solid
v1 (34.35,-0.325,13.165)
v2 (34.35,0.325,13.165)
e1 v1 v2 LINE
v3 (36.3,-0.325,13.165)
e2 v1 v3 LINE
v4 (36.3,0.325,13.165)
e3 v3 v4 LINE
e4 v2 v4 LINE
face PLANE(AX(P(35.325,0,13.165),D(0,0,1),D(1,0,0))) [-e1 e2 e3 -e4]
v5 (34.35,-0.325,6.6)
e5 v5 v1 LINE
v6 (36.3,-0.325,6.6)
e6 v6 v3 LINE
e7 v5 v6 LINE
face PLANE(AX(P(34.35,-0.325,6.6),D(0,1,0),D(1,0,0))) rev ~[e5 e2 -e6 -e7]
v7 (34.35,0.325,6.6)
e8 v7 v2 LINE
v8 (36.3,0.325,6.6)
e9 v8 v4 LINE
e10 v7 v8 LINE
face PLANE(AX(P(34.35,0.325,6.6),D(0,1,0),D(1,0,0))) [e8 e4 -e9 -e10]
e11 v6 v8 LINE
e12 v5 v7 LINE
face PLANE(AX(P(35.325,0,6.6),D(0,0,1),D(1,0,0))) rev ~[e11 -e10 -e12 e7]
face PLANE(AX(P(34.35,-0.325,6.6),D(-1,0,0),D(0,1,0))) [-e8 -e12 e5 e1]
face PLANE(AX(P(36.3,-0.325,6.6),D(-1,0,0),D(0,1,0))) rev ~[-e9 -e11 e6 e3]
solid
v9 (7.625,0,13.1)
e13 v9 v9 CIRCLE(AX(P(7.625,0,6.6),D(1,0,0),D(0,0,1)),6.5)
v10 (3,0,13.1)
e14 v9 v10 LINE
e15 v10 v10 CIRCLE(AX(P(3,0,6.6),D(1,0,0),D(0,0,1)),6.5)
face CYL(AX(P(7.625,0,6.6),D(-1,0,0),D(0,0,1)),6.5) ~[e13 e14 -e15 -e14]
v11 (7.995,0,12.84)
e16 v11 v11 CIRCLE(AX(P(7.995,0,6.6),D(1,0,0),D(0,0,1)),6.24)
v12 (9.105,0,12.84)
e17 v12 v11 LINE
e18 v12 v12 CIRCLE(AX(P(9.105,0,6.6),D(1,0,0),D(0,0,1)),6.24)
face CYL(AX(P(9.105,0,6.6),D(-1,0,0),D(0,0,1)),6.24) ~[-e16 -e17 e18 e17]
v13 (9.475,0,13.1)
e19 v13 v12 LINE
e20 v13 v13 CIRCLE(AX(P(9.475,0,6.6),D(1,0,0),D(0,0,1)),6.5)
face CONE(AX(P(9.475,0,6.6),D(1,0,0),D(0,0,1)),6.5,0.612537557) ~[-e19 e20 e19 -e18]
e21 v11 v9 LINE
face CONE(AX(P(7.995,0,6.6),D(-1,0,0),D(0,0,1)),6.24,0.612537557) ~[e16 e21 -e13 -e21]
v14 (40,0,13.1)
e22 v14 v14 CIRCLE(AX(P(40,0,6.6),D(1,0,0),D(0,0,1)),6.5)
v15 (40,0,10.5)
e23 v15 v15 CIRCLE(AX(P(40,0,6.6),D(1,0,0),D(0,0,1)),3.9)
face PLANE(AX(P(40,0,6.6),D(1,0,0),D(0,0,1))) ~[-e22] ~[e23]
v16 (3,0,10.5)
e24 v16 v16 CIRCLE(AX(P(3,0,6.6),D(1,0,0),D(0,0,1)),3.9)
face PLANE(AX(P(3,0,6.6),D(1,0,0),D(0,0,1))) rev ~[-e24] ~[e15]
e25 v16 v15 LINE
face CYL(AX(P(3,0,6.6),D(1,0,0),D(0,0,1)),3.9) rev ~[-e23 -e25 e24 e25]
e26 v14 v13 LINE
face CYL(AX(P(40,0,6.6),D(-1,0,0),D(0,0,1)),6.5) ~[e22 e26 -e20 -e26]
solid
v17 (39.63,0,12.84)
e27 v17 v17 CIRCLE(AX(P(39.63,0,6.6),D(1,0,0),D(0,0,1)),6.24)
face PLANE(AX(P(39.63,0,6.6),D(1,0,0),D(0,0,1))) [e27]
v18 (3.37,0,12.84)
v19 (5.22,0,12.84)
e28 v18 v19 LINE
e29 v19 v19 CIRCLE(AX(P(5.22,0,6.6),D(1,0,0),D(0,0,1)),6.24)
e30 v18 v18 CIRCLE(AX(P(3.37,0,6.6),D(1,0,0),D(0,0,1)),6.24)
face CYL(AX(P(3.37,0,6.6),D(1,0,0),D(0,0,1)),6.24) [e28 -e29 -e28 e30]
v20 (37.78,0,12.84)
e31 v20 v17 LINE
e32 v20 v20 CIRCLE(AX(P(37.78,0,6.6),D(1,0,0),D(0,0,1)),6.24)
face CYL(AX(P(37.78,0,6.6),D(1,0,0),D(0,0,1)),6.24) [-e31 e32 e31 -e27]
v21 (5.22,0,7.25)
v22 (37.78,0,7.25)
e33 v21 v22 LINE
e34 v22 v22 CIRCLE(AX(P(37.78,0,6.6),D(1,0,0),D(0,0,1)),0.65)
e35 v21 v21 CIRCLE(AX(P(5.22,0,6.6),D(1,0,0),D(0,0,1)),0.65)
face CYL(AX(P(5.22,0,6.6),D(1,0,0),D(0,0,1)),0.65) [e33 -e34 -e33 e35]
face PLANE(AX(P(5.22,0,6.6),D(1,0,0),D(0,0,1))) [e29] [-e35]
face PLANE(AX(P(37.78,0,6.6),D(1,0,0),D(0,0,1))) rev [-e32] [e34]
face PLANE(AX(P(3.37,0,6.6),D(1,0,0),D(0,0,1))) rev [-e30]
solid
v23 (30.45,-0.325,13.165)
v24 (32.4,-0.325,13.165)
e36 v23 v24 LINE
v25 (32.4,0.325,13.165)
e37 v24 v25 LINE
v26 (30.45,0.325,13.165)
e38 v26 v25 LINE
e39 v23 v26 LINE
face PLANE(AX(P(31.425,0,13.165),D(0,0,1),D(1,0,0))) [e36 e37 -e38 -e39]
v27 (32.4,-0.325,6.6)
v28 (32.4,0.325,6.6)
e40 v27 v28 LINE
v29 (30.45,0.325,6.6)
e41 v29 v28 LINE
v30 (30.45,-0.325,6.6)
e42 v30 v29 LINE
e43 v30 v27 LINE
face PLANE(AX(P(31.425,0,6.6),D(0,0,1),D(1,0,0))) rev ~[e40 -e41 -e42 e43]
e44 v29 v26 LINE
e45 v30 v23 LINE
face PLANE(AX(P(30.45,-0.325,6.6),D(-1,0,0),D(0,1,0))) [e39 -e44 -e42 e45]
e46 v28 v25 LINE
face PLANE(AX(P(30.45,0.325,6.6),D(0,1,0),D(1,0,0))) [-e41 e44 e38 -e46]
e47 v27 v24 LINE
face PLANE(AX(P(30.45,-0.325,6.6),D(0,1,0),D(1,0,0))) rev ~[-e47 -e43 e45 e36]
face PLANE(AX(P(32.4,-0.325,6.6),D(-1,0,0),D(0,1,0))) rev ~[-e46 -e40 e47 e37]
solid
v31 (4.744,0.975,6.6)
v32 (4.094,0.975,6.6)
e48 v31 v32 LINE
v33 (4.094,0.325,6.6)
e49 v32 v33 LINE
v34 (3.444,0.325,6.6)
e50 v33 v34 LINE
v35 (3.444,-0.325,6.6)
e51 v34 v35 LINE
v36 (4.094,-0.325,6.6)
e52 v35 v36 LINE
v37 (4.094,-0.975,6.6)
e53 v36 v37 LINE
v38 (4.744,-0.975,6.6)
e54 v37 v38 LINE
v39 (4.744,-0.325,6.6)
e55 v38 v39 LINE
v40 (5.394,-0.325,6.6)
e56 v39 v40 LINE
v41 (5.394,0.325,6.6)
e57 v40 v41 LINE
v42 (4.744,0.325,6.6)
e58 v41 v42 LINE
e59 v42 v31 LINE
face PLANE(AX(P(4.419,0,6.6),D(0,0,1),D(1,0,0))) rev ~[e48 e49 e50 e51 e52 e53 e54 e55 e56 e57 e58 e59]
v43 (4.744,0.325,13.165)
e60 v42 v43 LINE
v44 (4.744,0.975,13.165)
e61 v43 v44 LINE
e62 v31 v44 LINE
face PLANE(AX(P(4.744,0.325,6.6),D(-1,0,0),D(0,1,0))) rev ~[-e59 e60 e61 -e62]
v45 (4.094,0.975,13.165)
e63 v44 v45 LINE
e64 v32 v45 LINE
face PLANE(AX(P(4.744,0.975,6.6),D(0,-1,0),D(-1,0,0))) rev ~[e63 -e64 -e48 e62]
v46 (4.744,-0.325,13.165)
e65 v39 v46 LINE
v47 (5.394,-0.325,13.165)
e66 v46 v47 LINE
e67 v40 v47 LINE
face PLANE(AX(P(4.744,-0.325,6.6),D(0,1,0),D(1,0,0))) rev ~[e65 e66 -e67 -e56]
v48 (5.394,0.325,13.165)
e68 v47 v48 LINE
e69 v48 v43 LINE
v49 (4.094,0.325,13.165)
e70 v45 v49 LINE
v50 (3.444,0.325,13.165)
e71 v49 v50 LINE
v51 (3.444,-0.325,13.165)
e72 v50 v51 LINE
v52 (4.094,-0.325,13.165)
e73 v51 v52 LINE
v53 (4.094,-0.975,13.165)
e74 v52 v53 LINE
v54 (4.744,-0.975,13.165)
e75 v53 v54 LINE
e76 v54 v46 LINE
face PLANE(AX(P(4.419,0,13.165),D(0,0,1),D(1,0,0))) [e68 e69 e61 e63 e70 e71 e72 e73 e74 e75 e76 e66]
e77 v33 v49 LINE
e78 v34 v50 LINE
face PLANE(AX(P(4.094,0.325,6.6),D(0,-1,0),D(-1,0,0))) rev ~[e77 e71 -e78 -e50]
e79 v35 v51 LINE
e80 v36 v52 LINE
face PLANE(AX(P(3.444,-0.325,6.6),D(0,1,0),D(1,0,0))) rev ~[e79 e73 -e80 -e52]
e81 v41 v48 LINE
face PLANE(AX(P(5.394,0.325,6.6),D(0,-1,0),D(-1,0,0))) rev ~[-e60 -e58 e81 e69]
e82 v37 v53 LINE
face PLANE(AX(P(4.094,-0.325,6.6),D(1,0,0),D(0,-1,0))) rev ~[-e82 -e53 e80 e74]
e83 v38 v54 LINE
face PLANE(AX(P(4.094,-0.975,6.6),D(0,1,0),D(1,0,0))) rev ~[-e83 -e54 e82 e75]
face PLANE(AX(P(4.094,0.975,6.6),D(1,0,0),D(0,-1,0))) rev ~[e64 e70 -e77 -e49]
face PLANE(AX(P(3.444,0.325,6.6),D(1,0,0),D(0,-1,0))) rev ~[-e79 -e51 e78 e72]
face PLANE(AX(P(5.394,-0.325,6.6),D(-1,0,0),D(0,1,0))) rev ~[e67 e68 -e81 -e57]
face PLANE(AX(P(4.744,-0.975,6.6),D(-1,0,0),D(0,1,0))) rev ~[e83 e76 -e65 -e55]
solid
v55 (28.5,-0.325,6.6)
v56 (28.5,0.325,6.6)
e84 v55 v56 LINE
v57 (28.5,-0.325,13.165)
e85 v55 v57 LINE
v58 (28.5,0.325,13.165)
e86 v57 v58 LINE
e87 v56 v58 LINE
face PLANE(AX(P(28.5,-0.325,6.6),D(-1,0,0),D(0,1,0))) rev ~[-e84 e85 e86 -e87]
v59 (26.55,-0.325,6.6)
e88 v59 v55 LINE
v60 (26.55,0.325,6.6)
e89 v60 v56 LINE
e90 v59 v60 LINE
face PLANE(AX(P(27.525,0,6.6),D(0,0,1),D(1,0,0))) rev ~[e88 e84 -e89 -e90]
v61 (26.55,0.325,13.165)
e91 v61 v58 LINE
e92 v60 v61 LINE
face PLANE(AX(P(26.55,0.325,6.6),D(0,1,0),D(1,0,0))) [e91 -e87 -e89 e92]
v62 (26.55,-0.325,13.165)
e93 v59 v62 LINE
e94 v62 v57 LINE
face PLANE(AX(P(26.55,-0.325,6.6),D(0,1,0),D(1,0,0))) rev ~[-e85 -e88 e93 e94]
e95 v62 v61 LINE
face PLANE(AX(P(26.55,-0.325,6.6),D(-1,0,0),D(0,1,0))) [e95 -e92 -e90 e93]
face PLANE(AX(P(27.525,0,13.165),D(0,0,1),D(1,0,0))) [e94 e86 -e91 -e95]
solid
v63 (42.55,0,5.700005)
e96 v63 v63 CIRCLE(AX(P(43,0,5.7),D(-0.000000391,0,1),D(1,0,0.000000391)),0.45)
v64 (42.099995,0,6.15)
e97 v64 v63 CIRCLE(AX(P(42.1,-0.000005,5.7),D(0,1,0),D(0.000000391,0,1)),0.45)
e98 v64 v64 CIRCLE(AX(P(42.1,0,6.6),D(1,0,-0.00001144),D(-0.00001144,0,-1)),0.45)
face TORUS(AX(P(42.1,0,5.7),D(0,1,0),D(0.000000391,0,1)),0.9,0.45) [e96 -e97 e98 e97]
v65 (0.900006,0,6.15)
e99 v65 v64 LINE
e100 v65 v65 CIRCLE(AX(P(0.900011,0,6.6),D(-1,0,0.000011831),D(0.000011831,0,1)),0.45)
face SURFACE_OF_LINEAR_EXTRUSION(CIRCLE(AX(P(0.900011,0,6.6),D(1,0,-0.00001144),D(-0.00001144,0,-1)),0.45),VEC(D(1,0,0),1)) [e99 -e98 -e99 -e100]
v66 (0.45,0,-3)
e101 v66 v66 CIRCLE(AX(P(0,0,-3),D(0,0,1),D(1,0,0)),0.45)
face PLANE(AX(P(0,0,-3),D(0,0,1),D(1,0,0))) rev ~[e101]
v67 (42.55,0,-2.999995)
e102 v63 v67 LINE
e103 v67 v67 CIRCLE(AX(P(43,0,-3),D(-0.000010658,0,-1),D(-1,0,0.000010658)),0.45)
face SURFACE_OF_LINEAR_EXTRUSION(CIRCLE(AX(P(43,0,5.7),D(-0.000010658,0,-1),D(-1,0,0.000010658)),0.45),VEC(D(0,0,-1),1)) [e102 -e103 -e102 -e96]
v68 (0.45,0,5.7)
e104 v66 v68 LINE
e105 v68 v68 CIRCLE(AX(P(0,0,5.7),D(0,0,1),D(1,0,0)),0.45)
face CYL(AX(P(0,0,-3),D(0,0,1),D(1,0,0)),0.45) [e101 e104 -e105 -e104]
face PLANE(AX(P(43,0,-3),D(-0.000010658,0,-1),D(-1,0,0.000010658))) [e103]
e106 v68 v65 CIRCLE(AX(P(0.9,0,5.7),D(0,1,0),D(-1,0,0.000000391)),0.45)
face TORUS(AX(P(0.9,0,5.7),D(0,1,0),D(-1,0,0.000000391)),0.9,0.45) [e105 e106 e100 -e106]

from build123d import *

# Parameters (mm, degrees)
SKETCH_R    = 0.45
SKETCH004_W = 1.95
SKETCH004_H = 0.65
PAD_DEPTH   = 6.565


with BuildPart() as sweep_body:
    # Sweep: sweep along a path in Sketch001
    with BuildLine(Plane.XZ) as sweep_path:
        Line((0, -3), (0, 5.7))
        ThreePointArc((0, 5.7), (0.263608, 6.3364), (0.900011, 6.6))
        Line((0.900011, 6.6), (42.1, 6.6))
        ThreePointArc((42.1, 6.6), (42.736396, 6.336396), (43, 5.7))
        Line((43, 5.7), (43, -3))
    # Sketch → Sweep (sweep)
    with BuildSketch(Plane.XY.offset(-2)):
        Circle(SKETCH_R)
    sweep(path=sweep_path.line)


with BuildPart() as revolution:
    # Sketch002 → Revolution (revolve)
    with BuildSketch(Plane.XZ):
        Polygon((3, 13.1), (3, 10.5), (40, 10.5), (40, 13.1), (9.475, 13.1), (9.105, 12.84), (7.995, 12.84), (7.625, 13.1), align=None)
    revolve(axis=Axis((6.97588, 0, 6.6), (1, 0, 0)))


with BuildPart() as revolution001:
    # Sketch003 → Revolution001 (revolve)
    with BuildSketch(Plane.XZ):
        Polygon((3.37, 12.84), (5.22, 12.84), (5.22, 7.25), (37.78, 7.25), (37.78, 12.84), (39.63, 12.84), (39.63, 6.6), (3.37, 6.6), align=None)
    revolve(axis=Axis((6.97588, 0, 6.6), (1, 0, 0)))


with BuildPart() as pad:
    # Sketch004 → Pad (new body)
    with BuildSketch(Plane.XY.offset(6.6)):
        with Locations((35.325, 0)):
            Rectangle(SKETCH004_W, SKETCH004_H)
        with Locations((31.425, 0)):
            Rectangle(SKETCH004_W, SKETCH004_H)
        with Locations((27.525, 0)):
            Rectangle(SKETCH004_W, SKETCH004_H)
        Polygon((4.094, 0.325), (3.444, 0.325), (3.444, -0.325), (4.094, -0.325), (4.094, -0.975), (4.744, -0.975), (4.744, -0.325), (5.394, -0.325), (5.394, 0.325), (4.744, 0.325), (4.744, 0.975), (4.094, 0.975), align=None)
    extrude(amount=PAD_DEPTH)


solid = Compound([sweep_body.part, revolution.part, revolution001.part, pad.part])
